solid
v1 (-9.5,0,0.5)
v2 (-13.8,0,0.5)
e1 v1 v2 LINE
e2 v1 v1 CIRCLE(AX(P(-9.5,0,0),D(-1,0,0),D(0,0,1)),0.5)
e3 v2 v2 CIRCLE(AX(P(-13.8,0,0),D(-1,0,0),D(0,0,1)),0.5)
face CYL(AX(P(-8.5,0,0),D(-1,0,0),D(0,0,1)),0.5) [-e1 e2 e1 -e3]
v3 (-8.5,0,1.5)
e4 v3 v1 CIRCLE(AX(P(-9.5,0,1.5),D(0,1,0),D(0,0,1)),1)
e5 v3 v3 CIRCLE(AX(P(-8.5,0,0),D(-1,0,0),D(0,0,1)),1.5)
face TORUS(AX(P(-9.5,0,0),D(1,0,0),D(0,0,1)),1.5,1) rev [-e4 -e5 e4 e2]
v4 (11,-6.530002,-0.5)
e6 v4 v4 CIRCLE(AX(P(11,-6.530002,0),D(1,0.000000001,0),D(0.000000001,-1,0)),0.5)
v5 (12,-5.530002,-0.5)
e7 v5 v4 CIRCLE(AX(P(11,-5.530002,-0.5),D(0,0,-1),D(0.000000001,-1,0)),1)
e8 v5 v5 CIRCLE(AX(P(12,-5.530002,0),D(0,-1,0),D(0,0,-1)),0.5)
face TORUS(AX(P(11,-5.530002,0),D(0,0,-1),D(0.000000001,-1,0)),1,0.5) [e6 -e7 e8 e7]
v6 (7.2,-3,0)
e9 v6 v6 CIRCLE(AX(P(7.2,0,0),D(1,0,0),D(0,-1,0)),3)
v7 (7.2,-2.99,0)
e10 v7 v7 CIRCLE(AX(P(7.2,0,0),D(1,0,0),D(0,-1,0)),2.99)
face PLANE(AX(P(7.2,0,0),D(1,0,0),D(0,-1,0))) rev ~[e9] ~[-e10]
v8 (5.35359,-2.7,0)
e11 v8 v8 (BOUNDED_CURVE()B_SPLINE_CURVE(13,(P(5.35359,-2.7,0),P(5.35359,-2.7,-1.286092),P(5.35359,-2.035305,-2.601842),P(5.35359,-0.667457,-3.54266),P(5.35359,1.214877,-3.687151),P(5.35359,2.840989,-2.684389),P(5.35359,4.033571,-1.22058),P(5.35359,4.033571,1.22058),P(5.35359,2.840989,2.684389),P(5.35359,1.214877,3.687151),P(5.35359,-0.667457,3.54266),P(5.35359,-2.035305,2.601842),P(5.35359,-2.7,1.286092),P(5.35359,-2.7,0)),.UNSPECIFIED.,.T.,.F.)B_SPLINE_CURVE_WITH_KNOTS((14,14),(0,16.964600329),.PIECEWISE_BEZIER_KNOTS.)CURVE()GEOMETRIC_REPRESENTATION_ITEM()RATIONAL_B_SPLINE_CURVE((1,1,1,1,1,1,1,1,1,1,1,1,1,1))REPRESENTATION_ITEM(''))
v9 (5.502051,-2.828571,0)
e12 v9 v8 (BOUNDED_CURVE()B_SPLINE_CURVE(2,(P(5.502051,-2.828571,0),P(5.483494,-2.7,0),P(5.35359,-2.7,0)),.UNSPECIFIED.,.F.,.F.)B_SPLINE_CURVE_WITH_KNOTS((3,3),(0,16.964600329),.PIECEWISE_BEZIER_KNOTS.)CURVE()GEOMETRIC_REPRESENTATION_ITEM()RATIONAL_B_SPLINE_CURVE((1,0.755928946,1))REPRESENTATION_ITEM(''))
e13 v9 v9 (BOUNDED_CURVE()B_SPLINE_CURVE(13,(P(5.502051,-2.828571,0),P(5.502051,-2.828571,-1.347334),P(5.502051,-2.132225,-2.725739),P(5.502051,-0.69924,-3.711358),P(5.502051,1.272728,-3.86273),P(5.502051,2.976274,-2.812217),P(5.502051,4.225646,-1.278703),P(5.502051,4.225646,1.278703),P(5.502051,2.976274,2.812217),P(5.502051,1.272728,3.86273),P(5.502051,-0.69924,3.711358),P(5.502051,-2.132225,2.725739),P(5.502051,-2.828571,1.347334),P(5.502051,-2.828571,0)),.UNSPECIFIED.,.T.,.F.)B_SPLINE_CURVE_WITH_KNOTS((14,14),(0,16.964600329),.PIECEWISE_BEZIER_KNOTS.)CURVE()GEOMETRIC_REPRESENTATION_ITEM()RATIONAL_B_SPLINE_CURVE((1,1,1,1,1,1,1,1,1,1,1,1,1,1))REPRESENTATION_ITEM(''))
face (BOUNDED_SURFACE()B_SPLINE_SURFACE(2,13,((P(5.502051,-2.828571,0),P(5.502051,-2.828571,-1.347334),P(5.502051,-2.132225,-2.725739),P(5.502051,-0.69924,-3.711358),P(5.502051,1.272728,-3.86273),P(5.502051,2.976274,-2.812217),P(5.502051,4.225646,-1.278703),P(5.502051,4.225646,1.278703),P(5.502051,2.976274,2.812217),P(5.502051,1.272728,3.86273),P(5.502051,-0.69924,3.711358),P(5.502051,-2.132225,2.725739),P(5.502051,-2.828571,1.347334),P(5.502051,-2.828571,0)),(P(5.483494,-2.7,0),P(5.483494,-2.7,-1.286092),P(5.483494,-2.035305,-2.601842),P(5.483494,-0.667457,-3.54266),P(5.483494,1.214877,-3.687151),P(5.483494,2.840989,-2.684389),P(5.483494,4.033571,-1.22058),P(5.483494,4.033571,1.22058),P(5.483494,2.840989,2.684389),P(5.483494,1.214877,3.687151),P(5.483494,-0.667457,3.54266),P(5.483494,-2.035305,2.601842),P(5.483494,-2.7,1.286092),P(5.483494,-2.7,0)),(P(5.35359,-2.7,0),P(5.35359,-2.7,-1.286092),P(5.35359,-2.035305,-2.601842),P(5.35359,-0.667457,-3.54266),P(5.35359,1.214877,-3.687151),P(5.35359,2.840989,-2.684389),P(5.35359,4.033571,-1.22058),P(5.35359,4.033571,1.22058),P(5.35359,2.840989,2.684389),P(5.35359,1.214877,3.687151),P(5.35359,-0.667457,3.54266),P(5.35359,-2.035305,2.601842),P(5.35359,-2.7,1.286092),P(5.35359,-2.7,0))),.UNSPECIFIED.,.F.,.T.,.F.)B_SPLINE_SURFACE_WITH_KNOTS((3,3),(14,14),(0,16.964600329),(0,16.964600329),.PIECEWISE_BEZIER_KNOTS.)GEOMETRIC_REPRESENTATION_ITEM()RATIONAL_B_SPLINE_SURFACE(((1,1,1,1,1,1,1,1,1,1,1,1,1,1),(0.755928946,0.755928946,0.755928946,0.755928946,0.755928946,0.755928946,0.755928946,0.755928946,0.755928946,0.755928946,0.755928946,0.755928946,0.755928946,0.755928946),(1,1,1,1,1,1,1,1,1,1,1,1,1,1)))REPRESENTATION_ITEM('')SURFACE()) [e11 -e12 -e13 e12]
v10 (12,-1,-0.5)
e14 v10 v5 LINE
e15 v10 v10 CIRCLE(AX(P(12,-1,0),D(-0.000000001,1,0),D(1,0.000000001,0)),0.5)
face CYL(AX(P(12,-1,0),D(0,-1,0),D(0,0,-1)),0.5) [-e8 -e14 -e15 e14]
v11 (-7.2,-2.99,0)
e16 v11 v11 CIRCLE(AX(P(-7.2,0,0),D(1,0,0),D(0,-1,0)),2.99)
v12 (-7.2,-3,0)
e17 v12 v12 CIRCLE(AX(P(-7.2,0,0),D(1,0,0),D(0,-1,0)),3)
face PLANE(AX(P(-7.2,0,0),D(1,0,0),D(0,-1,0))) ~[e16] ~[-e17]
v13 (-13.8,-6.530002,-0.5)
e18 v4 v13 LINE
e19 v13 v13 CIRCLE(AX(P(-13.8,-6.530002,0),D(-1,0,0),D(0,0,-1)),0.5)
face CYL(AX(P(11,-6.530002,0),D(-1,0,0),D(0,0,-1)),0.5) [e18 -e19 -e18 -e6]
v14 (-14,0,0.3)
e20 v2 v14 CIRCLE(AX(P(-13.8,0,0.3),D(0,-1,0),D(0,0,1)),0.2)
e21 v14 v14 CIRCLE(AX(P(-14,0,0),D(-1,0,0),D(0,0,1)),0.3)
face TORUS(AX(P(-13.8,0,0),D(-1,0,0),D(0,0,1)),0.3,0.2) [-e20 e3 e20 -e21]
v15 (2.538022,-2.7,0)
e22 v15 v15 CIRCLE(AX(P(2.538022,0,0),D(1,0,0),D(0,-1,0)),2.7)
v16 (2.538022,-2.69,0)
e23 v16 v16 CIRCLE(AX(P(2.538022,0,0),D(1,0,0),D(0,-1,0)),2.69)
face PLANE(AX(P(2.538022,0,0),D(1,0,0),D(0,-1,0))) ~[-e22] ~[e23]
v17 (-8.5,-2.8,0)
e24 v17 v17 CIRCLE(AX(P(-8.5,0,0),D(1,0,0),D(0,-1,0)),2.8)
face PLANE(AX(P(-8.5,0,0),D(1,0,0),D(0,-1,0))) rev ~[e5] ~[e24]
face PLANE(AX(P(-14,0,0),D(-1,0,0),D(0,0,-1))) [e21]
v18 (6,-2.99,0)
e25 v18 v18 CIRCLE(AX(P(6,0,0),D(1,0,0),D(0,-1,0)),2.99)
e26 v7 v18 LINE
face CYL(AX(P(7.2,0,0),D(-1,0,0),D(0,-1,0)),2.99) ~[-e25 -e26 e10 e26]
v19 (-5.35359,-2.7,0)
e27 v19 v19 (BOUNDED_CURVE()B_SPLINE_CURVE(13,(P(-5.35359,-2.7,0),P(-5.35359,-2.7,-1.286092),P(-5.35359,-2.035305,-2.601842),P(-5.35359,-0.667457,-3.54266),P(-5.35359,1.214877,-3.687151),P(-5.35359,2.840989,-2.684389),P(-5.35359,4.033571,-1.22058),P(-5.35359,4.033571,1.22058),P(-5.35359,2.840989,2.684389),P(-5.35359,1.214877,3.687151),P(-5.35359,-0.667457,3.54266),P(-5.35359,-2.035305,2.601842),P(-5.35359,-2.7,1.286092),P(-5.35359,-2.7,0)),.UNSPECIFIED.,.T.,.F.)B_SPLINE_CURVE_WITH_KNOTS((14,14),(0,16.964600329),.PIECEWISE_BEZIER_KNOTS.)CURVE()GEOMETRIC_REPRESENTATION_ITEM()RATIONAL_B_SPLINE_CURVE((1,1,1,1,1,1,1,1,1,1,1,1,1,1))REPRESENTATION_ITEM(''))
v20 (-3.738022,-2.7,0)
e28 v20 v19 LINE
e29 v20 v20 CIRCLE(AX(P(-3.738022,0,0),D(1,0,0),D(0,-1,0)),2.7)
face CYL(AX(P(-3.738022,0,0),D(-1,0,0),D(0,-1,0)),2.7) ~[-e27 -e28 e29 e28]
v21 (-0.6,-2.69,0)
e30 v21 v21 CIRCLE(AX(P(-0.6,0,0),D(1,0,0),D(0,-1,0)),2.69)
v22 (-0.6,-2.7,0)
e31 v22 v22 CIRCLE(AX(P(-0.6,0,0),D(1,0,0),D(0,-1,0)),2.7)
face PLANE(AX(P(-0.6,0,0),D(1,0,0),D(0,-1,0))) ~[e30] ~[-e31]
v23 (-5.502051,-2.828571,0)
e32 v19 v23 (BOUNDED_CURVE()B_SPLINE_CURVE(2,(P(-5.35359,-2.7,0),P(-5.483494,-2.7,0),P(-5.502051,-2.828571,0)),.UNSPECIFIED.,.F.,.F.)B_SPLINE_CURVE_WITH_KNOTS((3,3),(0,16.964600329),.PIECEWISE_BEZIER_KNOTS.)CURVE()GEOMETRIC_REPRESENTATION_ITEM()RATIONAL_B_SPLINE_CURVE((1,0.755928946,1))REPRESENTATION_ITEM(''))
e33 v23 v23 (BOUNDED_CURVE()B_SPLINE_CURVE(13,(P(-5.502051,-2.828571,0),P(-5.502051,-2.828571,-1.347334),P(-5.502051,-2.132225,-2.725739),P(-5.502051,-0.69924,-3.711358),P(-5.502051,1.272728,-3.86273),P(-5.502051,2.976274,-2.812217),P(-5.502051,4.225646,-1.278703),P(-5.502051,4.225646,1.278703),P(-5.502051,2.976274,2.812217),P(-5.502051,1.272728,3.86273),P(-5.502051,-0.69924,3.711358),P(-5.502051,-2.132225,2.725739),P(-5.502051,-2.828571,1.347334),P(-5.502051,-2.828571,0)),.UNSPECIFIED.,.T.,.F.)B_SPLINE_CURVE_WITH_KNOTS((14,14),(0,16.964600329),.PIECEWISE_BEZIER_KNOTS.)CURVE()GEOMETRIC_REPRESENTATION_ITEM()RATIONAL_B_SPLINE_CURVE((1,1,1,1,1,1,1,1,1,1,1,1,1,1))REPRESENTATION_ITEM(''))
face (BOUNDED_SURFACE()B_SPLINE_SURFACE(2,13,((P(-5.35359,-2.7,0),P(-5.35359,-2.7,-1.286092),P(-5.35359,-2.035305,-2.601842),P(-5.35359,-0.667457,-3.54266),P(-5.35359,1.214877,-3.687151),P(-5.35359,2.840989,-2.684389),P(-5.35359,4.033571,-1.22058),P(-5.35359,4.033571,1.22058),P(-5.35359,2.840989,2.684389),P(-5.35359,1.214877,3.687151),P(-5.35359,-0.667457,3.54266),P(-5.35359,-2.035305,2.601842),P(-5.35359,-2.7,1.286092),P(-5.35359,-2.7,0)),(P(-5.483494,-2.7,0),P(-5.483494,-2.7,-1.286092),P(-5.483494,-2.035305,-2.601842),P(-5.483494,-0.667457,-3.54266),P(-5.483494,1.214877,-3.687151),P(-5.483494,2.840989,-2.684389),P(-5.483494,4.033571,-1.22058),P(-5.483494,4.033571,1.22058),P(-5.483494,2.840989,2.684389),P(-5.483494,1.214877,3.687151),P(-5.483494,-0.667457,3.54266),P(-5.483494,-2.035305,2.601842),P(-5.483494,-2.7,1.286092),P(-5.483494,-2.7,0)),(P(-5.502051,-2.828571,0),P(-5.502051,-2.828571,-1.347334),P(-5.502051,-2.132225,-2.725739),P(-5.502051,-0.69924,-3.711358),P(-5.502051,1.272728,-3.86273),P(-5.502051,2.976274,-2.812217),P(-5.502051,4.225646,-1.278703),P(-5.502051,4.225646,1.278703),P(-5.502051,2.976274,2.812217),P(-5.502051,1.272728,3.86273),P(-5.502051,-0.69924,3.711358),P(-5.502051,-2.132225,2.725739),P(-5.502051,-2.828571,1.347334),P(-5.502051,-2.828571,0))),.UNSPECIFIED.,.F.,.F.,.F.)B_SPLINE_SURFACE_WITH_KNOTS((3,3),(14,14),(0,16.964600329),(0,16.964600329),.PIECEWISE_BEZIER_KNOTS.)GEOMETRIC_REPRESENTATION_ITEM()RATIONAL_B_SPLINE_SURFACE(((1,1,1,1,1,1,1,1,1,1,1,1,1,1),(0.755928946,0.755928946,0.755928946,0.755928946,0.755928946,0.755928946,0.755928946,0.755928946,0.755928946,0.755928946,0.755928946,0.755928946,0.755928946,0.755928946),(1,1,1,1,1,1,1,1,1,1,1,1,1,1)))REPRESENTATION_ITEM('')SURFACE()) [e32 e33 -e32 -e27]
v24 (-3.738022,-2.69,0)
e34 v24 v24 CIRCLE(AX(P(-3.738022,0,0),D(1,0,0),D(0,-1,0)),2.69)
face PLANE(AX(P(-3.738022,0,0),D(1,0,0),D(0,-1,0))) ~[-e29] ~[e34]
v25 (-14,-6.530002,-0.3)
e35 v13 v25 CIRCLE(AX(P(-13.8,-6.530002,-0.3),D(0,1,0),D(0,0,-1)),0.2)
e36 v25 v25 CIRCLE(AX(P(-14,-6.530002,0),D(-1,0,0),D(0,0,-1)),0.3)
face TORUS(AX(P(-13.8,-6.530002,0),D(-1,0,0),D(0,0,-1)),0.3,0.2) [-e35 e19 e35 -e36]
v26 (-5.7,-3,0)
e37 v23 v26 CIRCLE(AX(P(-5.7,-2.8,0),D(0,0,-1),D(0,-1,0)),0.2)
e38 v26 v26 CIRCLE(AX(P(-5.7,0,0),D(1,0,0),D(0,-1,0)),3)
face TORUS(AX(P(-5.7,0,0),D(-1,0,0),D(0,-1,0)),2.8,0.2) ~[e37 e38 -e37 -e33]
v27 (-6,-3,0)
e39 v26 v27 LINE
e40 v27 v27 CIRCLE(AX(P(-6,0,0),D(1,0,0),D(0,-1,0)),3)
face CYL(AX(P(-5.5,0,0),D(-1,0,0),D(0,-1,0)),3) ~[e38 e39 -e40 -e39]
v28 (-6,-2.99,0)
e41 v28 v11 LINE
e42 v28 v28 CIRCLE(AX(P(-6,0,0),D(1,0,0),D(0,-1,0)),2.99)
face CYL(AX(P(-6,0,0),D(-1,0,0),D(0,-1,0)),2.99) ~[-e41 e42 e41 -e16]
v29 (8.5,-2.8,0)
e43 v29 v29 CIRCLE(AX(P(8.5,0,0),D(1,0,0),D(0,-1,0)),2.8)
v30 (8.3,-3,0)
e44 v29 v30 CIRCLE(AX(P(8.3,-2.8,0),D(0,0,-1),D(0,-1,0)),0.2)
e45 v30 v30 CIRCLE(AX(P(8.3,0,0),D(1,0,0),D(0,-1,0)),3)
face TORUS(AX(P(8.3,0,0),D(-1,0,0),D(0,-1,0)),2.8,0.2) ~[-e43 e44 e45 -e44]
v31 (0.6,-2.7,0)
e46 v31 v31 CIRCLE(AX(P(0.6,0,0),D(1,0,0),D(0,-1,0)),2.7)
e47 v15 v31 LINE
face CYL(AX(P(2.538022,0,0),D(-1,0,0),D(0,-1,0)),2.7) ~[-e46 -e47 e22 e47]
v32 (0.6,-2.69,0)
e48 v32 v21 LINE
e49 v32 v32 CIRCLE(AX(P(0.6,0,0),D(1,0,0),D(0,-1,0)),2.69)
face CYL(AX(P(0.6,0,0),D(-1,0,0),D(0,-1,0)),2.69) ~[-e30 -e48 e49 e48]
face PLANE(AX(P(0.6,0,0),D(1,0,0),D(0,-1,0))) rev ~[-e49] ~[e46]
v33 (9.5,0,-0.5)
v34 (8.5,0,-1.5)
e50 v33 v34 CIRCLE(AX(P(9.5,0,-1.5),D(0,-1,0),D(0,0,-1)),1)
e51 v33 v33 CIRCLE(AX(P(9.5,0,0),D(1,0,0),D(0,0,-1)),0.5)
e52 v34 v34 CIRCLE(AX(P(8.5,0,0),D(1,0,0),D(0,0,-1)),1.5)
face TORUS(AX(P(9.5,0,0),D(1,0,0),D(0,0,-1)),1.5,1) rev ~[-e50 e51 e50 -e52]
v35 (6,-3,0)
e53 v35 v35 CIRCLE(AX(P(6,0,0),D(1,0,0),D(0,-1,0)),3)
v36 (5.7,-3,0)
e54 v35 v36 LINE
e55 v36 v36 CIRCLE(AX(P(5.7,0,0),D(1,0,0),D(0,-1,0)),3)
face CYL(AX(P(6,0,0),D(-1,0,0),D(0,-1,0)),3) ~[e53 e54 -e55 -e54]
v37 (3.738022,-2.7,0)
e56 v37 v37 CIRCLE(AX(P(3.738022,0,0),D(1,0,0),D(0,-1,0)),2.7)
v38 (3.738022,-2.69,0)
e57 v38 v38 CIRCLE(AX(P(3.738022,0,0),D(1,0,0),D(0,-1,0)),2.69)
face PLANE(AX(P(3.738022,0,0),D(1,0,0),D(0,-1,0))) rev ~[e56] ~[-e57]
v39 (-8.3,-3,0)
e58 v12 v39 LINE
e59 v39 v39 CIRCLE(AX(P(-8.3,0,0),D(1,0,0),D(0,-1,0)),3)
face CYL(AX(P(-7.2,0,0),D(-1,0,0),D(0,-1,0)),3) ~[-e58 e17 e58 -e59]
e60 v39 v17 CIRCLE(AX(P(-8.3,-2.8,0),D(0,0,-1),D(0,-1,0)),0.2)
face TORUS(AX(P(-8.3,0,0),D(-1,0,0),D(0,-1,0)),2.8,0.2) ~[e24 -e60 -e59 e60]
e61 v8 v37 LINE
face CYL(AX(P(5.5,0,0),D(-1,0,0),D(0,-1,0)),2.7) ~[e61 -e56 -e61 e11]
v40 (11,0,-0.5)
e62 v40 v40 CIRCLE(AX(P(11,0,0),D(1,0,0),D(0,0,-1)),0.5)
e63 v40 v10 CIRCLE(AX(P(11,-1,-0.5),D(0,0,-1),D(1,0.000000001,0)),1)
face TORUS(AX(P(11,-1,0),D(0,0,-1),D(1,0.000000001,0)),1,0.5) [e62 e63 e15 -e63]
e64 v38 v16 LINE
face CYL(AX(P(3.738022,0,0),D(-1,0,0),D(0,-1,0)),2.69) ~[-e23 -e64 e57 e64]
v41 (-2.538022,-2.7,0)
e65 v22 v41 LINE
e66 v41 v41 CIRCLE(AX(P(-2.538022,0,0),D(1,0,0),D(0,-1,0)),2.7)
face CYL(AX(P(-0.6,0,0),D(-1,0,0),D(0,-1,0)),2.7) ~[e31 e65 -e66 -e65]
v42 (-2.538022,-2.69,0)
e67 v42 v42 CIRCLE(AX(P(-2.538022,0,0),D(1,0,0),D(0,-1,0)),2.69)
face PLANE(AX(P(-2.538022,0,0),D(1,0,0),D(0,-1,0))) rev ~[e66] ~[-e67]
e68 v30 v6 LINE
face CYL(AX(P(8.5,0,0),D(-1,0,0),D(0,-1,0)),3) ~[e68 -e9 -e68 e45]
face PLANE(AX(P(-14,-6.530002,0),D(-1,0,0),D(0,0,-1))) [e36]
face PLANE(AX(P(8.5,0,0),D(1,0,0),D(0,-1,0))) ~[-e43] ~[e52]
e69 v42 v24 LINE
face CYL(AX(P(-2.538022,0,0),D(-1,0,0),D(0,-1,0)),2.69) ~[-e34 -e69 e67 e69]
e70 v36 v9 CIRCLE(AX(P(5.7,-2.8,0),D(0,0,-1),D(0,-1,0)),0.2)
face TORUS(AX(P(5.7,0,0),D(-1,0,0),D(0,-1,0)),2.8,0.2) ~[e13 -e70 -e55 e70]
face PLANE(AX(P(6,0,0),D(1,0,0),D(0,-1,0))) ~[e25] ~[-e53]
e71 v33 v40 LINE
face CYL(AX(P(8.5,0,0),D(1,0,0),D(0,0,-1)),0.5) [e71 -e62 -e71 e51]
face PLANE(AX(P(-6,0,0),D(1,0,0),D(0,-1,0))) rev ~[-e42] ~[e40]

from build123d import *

# Parameters (mm, degrees)
FILLET1_R = 0.2
FILLET2_R = 0.15
SKETCH2_R = 0.5
SKETCH3_R = 0.5
FILLET7_R = 0.2
FILLET8_R = 1


with BuildPart() as part:
    # Sketch1 → Revolve1 (revolve)
    with BuildSketch(Plane.XY):
        Polygon((-8.5, 0), (8.5, 0), (8.5, -3), (7.2, -3), (7.2, -2.99), (6, -2.99), (6, -3), (5.5, -3), (5.5, -2.7), (3.738022236, -2.7), (3.738022236, -2.69), (2.538022236, -2.69), (2.538022236, -2.7), (0.6, -2.7), (0.6, -2.69), (-0.6, -2.69), (-0.6, -2.7), (-2.538022236, -2.7), (-2.538022236, -2.69), (-3.738022236, -2.69), (-3.738022236, -2.7), (-5.5, -2.7), (-5.5, -3), (-6, -3), (-6, -2.99), (-7.2, -2.99), (-7.2, -3), (-8.5, -3), align=None)
    revolve(axis=Axis((-8.5, 0, 0), (1, 0, 0)))

    # Fillet1
    fillet1_edges = [part.edges().sort_by_distance(p)[0] for p in [
        (-8.5, 3, 0),
        (-5.5, 3, 0),
        (5.5, 3, 0),
        (8.5, 3, 0),
    ]]
    fillet(fillet1_edges, radius=FILLET1_R)

    # Fillet2
    fillet2_edges = [part.edges().sort_by_distance(p)[0] for p in [
        (-5.5, 2.7, 0),
        (5.5, 2.7, 0),
    ]]
    fillet(fillet2_edges, radius=FILLET2_R)

    # Sweep1: sweep along a curve in space
    with BuildLine() as sweep1_path:
        Line((8.5, 0, 0), (11, 0, 0))
        ThreePointArc((12, -1, 0), (11.707106781, -0.292893219, 0), (11, 0, 0))
        Line((12, -1, 0), (12, -5.530002448, 0))
        ThreePointArc((11, -6.530002448, 0), (11.707106781, -6.237109229, 0), (12, -5.530002448, 0))
        Line((11, -6.530002448, 0), (-14, -6.530002448, 0))
    # Sketch2 → Sweep1 (sweep)
    with BuildSketch(Plane(origin=(8.5, 0, 0), x_dir=(0, 0, -1), z_dir=(1, 0, 0))):
        Circle(SKETCH2_R)
    sweep(path=sweep1_path.line)

    # Sweep2: sweep along a curve in space
    with BuildLine() as sweep2_path:
        Line((-8.5, 0, 0), (-14, 0, 0))
    # Sketch3 → Sweep2 (sweep)
    with BuildSketch(Plane.ZY.offset(8.5)):
        Circle(SKETCH3_R)
    sweep(path=sweep2_path.line)

    # Fillet7
    fillet7_edges = [part.edges().sort_by_distance(p)[0] for p in [
        (-14, -6.530002448, 0.5),
        (-14, 0, -0.5),
    ]]
    fillet(fillet7_edges, radius=FILLET7_R)

    # Fillet8
    fillet8_edges = [part.edges().sort_by_distance(p)[0] for p in [
        (8.5, 0, 0.5),
        (-8.5, 0, -0.5),
    ]]
    fillet(fillet8_edges, radius=FILLET8_R)


solid = part.part
